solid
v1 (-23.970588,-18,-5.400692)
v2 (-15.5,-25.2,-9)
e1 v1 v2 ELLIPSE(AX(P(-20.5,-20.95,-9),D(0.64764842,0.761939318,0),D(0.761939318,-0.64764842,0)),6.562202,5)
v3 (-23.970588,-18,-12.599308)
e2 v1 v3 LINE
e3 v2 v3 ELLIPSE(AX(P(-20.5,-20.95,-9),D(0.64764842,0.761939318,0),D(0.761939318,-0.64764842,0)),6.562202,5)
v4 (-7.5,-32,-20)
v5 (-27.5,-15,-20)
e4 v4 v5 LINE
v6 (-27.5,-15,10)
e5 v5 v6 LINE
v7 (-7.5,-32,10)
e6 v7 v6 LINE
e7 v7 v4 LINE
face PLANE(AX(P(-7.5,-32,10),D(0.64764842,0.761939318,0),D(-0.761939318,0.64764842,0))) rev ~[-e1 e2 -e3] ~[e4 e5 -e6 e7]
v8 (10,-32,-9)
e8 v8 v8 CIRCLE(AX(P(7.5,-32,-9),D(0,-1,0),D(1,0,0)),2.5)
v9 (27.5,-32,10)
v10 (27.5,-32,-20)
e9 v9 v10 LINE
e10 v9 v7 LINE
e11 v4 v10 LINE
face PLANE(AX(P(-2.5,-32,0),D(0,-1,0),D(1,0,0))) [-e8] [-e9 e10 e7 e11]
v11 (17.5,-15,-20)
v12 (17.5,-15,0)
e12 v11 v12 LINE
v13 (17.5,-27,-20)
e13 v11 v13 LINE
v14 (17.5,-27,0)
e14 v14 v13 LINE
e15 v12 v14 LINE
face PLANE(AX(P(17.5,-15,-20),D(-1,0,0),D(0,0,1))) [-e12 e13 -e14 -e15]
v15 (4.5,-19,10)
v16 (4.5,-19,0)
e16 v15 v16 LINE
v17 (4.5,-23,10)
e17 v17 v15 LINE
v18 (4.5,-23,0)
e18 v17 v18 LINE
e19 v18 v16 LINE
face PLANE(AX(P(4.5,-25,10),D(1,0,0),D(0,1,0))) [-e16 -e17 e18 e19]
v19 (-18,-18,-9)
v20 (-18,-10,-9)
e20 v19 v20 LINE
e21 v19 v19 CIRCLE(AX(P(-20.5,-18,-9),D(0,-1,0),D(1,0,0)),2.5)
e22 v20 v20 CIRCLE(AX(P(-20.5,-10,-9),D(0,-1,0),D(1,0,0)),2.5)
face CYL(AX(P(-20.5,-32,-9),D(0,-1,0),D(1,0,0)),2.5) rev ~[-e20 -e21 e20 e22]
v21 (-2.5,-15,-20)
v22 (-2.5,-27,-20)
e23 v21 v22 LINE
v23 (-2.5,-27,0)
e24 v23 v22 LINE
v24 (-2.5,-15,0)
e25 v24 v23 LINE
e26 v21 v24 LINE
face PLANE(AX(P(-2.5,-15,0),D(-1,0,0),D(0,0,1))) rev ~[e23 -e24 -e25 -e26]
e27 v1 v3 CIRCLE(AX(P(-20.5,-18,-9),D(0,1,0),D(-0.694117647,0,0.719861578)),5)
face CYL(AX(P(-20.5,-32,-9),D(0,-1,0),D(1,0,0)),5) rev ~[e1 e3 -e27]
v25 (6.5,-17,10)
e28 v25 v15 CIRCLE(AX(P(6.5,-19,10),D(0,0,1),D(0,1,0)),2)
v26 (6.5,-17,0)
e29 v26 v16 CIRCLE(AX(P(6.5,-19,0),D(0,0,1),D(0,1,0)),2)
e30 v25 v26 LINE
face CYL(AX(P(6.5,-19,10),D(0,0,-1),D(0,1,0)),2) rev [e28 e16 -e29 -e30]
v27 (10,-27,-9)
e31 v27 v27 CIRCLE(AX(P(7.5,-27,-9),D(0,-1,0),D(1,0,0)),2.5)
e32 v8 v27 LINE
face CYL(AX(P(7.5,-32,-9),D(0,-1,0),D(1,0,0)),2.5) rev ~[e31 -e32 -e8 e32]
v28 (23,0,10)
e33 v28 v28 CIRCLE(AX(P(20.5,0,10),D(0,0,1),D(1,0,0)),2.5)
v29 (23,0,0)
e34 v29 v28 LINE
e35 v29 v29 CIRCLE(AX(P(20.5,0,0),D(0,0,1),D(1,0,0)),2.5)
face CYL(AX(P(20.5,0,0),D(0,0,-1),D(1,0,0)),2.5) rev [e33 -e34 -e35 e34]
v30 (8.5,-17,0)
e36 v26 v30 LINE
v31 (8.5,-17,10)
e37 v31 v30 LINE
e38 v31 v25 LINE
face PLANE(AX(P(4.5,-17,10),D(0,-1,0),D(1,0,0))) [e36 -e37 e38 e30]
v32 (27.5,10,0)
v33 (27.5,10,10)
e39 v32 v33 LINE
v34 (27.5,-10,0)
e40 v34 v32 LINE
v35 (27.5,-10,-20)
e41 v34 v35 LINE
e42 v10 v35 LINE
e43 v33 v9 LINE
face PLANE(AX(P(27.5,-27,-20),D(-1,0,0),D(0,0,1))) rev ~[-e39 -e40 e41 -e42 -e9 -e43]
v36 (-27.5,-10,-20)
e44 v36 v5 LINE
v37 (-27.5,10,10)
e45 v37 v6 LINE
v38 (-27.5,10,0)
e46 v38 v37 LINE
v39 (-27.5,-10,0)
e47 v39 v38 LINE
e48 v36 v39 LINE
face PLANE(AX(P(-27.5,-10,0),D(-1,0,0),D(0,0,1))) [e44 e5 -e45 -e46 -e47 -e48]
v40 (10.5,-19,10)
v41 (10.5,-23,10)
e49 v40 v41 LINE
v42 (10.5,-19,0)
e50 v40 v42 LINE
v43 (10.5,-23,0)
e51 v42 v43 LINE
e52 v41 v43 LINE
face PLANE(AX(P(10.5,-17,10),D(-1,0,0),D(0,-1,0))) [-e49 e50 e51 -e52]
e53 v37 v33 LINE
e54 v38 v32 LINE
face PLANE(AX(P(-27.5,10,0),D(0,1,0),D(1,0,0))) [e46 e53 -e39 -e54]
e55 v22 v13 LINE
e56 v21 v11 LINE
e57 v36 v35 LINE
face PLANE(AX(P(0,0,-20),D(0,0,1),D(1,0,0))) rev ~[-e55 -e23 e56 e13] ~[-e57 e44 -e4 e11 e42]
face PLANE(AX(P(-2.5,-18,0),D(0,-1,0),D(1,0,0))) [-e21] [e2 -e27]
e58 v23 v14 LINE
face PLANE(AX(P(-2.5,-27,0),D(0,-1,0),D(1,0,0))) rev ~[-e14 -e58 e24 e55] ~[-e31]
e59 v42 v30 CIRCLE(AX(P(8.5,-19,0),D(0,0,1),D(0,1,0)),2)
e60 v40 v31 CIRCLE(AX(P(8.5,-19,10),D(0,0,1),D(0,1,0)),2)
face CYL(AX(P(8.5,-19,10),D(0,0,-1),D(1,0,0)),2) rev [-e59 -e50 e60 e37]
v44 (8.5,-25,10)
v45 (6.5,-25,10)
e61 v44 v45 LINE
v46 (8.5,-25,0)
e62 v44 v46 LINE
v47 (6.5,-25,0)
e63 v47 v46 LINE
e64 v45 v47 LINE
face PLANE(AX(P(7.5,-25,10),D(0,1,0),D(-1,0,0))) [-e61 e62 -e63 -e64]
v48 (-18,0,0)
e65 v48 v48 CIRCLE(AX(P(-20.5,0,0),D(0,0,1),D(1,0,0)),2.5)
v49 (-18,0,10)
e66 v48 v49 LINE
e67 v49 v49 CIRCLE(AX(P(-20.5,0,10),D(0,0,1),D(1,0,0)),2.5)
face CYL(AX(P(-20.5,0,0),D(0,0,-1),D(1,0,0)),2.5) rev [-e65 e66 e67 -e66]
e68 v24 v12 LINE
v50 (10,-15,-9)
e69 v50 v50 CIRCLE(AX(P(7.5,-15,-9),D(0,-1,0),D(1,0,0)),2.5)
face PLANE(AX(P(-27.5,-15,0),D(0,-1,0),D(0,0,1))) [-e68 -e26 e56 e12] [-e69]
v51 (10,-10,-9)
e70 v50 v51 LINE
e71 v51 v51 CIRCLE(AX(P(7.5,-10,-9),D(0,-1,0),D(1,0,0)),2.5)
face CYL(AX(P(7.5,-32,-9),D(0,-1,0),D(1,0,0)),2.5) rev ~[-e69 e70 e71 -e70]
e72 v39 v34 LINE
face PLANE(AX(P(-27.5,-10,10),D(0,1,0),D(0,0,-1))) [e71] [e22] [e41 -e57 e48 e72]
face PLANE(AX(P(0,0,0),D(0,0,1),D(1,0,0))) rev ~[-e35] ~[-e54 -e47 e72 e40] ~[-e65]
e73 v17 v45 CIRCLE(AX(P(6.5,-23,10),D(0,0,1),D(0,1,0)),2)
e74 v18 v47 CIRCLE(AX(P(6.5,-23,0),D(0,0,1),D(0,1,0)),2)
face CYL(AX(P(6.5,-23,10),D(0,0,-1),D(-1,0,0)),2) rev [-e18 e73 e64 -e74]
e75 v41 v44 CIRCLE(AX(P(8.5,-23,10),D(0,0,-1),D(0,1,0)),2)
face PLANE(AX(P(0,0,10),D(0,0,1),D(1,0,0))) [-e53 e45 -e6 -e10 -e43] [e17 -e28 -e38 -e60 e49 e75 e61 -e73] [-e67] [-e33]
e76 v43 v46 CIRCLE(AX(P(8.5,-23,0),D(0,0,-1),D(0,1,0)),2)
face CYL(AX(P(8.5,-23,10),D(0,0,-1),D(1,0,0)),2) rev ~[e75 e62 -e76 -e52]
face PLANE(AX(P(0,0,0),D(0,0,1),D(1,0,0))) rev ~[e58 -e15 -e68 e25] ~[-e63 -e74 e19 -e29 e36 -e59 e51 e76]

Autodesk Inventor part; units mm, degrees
ref_plane "YZ Plane" through (0, 0, 0) normal (1, 0, 0) x (0, 1, 0)
ref_plane "XZ Plane" through (0, 0, 0) normal (0, 1, 0) x (-1, 0, 0)
ref_plane "XY Plane" through (0, 0, 0) normal (0, 0, 1) x (1, 0, 0)
sketch "Boceto1" plane through (0, 0, 0) normal (0, 0, 1) x (1, 0, 0)
  line L0 (-27.5, 10) -> (27.5, 10)
  line L1 (27.5, 10) -> (27.5, -10)
  line L2 (27.5, -10) -> (-27.5, -10)
  line L3 (-27.5, -10) -> (-27.5, 10)
  line L4 (0, 0) -> (0, 1.7227)
  line L5 (0, 0) -> (-2.1619, 0)
  line L6 (27.5, -10) -> (-2.5, -10)
  line L7 (-2.5, -10) -> (-2.5, -27)
  line L8 (-2.5, -27) -> (27.5, -27)
  line L9 (27.5, -27) -> (27.5, -10)
  circle A0 centre (20.5, 0) radius 2.5
  circle A1 centre (-20.5, 0) radius 2.5
  point P0 (-2.5, -10)
  dimension "d14" = 55
  dimension "d15" = 20
  dimension "d16" = 30
  dimension "d17" = 17
  dimension "d18" = 5
  dimension "d19" = 5
  dimension "d20" = 7
  dimension "d21" = 7
extrude "Extrusión1" add sketch "Boceto1" along normal blind 10
sketch "Boceto2" plane through (-2.5, -27, 0) normal (0, -1, 0) x (1, 0, 0)
  line L0 (30, 10) -> (-25, 10) projected
  line L1 (30, 10) -> (0, 10)
  line L2 (0, 10) -> (0, -20)
  line L3 (0, -20) -> (30, -20)
  line L4 (30, -20) -> (30, 10)
  line L5 (0, 0) -> (0, 10) projected
  point P0 (2.5, 0)
  point P1 (0, 10)
  dimension "d22" = 30
extrude "Extrusión2" add sketch "Boceto2" along normal blind 5
sketch "Boceto4" plane through (-27.5, -10, 0) normal (-1, 0, 0) x (0, 0, 1)
  line L0 (0, 0) -> (0, -17) projected
  line L1 (10, 20) -> (10, 0) projected
  line L2 (10, 0) -> (-20, 0)
  line L3 (-20, 0) -> (-20, -5)
  line L4 (-20, -5) -> (10, -5)
  line L5 (10, -5) -> (10, 0)
  line L6 (10, -22) -> (-20, -22) projected
  point P0 (0, 10)
  dimension "d32" = 5
  dimension "d43" = 30
  dimension "d44" = 30
extrude "Extrusión4" add sketch "Boceto4" against normal up to surface (55 mm away)
sketch "Boceto5" plane through (-2.5, -32, 0) normal (0, -1, 0) x (1, 0, 0)
  circle A0 centre (10, -9) radius 2.5
  line L0 (30, -20) -> (30, 10) projected
  line L1 (0, -20) -> (30, -20) projected
  line L2 (-25, -20) -> (30, -20) projected
  line L3 (-25, -20) -> (-25, 10) projected
  line L4 (-25, 0) -> (30, 0) projected
  point P0 (2.5, 0)
  point P1 (0, 0)
  dimension "d33" = 5
  dimension "d34" = 20
  dimension "d41" = 9
extrude "Extrusión5" cut sketch "Boceto5" against normal up to surface (22 mm away) contours A0
sketch "Boceto8" plane through (-27.5, -15, -20) normal (0, -1, 0) x (1, 0, 0)
  line L0 (0, 30) -> (25, 30) projected
  line L1 (0, 0) -> (55, 0) projected
  line L2 (25, 30) -> (20, 30)
  line L3 (20, 30) -> (20, 0)
  line L4 (20, 0) -> (25, 0)
  line L5 (25, 0) -> (25, 30)
  line L6 (25, 20) -> (55, 20) projected
  line L7 (45, 20) -> (55, 20)
  line L8 (55, 20) -> (55, 0)
  line L9 (55, 0) -> (45, 0)
  line L10 (45, 0) -> (45, 20)
  line L11 (55, 0) -> (55, 20) projected
  point P0 (27.5, 20)
  point P1 (45, 0)
  point P2 (25, 0)
  point P3 (20, 30)
  dimension "d54" = 5
  dimension "d56" = 0
  dimension "d69" = 10
extrude "Extrusión8" add sketch "Boceto8" along normal up to surface (17 mm away) contours L0 L5 L1 L3 | L6 L8 L1 L10
sketch "Boceto9" plane through (0, 0, 10) normal (0, 0, 1) x (1, 0, 0)
  line L0 (27.5, -32) -> (-7.5, -32) projected
  line L1 (-27.5, 10) -> (-27.5, -15) projected
  line L2 (-7.5, -32) -> (-27.5, -15)
  line L3 (-27.5, -15) -> (-7.5, -15) projected
  line L4 (-7.5, -15) -> (-7.5, -32) projected
  point P0 (0, 0)
extrude "Extrusión9" add sketch "Boceto9" against normal up to surface (30 mm away)
sketch "Boceto10" plane through (-2.5, -32, 0) normal (0, -1, 0) x (1, 0, 0)
  circle A0 centre (-18, -9) radius 2.5
  line L0 (-25, 10) -> (-5, 10) projected
  line L1 (-25, -20) -> (-25, 10) projected
  point P0 (2.5, 0)
  dimension "d61" = 5
  dimension "d62" = 19
  dimension "d63" = 7
extrude "Extrusión10" cut sketch "Boceto10" against normal up to surface (22 mm away)
sketch "Boceto11" plane through (-2.5, -32, 0) normal (0, -1, 0) x (1, 0, 0)
  circle A0 centre (-18, -9) radius 2.5 projected
  circle A1 centre (-18, -9) radius 5
  point P0 (2.5, 0)
  dimension "d66" = 10
extrude "Extrusión11" cut sketch "Boceto11" against normal blind 14 contours A0 | A1
sketch "Boceto12" plane through (0, 0, 10) normal (0, 0, 1) x (1, 0, 0)
  line L0 (7.5, -25) -> (4.5, -25)
  line L1 (4.5, -25) -> (4.5, -17)
  line L2 (4.5, -17) -> (7.5, -17)
  line L3 (7.5, -17) -> (7.5, -25)
  line L4 (7.5, -17) -> (10.5, -17)
  line L5 (10.5, -17) -> (10.5, -25)
  line L6 (7.5, -25) -> (7.5, -17)
  line L7 (27.5, -32) -> (-7.5, -32) projected
  line L8 (7.5, -25) -> (10.5, -25)
  line L9 (-27.5, -10) -> (27.5, -10) projected
  point P0 (0, 0)
  dimension "d70" = 3
  dimension "d72" = 3
  dimension "d77" = 7
  dimension "d78" = 8
extrude "Extrusión12" cut sketch "Boceto12" against normal up to surface (10 mm away)
fillet "Empalme4" radius 2 4 edges at (10.5, -17, 5) (4.5, -17, 5) (10.5, -25, 5) (4.5, -25, 5)
equation "\"d19\" = d18"
equation "\"d20\" = d21"
equation "\"d44\" = d43"
equation "\"d72\" = d70"
properties part number "Soporte Idler Z" material "Hormigón reforzado con fibra de vidrio"
